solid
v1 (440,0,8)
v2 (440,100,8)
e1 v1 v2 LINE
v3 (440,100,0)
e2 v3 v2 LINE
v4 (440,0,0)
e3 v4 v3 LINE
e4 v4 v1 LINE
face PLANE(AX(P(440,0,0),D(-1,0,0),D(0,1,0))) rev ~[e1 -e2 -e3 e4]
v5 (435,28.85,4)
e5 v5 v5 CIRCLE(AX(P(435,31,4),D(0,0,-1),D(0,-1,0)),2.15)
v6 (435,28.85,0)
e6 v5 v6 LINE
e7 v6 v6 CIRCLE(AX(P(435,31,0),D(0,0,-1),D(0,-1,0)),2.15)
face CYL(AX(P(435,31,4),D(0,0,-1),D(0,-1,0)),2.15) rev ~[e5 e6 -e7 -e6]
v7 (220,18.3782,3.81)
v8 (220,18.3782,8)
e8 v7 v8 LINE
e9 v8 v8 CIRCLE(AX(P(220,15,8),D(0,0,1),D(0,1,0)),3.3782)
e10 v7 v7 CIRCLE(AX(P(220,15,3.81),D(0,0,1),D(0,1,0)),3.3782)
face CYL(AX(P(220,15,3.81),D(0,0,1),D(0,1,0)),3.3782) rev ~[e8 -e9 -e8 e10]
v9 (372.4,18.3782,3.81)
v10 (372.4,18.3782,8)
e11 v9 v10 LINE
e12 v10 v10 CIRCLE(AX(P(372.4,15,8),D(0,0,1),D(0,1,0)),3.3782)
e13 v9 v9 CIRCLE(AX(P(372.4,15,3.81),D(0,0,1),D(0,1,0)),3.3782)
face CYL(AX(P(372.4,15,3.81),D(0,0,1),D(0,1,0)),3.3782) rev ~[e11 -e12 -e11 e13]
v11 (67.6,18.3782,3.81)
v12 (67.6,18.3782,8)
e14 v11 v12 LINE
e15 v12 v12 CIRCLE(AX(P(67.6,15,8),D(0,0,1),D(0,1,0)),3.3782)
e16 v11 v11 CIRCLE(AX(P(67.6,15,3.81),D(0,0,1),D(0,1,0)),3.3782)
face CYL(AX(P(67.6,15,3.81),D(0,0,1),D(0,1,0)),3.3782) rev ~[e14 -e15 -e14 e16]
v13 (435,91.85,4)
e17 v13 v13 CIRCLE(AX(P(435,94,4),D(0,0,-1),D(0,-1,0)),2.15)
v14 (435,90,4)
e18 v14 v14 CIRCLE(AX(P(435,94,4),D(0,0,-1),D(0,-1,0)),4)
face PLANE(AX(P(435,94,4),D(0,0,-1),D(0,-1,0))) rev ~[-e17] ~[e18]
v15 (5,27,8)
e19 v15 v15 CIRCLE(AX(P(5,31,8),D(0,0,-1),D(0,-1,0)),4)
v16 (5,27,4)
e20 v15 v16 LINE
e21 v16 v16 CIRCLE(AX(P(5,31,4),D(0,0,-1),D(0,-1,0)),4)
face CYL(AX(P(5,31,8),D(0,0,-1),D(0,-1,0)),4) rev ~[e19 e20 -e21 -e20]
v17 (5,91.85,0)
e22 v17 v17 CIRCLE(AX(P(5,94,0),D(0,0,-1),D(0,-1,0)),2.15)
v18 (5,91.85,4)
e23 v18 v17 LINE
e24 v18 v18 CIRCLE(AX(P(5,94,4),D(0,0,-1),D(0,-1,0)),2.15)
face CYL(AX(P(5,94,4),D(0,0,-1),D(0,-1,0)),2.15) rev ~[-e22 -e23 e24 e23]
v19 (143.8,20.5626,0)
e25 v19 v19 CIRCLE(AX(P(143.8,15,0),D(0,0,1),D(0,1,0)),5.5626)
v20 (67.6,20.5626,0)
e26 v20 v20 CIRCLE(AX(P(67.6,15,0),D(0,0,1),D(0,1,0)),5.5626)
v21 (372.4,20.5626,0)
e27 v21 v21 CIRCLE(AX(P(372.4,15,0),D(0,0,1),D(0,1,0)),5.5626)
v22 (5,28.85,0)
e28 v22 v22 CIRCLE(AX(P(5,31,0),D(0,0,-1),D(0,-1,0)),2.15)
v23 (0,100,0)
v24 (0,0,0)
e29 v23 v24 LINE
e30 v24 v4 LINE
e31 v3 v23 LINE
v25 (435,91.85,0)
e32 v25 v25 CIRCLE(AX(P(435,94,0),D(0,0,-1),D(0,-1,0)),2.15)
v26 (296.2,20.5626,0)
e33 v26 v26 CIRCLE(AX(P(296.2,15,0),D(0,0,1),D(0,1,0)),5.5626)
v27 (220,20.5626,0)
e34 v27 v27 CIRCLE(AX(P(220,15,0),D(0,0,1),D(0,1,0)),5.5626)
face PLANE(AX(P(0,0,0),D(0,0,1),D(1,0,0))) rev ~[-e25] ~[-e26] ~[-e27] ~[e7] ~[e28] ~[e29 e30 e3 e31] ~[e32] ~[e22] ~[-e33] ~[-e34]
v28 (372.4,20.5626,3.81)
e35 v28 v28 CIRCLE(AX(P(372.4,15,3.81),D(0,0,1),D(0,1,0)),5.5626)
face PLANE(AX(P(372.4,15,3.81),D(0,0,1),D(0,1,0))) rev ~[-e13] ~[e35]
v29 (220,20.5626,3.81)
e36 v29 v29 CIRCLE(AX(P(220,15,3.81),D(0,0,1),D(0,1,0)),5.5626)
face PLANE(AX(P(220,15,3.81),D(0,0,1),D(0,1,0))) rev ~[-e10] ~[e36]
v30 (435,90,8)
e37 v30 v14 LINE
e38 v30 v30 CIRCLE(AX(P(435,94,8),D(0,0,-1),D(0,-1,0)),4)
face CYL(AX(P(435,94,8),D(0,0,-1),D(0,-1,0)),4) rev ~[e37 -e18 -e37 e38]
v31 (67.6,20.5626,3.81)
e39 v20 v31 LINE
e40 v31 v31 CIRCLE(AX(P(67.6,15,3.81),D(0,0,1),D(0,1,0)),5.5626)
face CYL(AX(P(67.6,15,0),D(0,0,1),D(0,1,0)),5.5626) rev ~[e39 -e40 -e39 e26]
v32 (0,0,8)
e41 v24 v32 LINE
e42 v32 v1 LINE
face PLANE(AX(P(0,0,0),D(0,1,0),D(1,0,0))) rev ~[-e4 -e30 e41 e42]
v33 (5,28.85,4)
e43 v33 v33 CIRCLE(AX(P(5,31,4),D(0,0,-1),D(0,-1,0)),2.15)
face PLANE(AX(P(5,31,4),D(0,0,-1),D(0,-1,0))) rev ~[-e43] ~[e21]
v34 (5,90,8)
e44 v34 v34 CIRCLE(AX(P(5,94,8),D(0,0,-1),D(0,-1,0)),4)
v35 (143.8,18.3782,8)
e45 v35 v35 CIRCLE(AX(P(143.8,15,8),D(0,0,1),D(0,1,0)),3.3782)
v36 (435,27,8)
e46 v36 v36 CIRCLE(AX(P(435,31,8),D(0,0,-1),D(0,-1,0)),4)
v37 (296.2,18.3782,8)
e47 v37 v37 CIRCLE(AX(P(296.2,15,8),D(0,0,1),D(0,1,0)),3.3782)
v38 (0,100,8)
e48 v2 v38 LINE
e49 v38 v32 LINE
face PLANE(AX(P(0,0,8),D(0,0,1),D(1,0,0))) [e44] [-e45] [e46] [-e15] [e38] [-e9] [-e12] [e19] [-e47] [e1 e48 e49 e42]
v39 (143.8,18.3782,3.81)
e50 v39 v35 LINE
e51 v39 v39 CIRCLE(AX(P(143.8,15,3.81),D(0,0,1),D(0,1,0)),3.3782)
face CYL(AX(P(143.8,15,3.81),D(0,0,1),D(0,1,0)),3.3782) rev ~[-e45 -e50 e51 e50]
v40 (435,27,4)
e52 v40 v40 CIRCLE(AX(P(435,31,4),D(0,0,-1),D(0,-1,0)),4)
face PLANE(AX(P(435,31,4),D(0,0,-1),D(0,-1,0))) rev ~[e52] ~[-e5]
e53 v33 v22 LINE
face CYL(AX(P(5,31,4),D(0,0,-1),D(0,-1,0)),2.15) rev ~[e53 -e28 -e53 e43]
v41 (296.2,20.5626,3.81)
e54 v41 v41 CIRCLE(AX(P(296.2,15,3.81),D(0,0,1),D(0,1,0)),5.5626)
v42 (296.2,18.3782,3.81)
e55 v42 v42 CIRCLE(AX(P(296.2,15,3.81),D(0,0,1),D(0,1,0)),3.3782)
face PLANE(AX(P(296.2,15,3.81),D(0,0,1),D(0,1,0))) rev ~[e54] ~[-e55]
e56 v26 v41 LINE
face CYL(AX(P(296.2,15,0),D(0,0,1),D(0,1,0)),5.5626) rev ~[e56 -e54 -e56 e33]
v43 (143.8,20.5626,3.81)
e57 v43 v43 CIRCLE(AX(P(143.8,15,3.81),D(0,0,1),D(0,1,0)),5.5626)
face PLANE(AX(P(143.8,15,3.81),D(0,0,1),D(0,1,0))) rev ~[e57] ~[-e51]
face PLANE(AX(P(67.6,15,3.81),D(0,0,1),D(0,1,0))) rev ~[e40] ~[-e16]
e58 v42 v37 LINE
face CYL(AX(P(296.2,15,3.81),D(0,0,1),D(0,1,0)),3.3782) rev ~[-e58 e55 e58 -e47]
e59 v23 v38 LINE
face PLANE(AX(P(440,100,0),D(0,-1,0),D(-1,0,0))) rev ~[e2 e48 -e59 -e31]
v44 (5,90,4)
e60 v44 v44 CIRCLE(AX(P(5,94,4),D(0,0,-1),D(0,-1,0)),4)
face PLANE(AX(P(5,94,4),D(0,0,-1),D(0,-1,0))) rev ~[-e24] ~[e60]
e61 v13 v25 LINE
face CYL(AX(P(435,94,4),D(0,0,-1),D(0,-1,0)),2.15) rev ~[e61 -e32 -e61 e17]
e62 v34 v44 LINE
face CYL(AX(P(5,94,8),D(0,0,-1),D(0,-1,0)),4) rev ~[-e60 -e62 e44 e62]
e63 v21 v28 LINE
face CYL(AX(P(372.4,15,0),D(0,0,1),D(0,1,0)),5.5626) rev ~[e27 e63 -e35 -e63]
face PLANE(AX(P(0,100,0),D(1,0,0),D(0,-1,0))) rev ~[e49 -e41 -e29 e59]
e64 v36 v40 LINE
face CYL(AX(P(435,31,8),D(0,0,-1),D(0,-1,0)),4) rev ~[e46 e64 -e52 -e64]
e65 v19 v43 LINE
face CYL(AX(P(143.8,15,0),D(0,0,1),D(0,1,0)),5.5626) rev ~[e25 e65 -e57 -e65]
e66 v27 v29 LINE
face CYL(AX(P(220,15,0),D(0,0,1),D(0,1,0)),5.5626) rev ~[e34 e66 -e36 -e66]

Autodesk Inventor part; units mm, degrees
ref_plane "YZ Plane" through (0, 0, 0) normal (1, 0, 0) x (0, 1, 0)
ref_plane "XZ Plane" through (0, 0, 0) normal (0, 1, 0) x (-1, 0, 0)
ref_plane "XY Plane" through (0, 0, 0) normal (0, 0, 1) x (1, 0, 0)
sketch "Sketch1" plane through (0, 0, 0) normal (0, 0, 1) x (1, 0, 0)
  line L0 (0, 0) -> (440, 0)
  line L1 (440, 0) -> (440, 100)
  line L2 (440, 100) -> (0, 100)
  line L3 (0, 100) -> (0, 0)
  dimension "d0" = 100
  dimension "d1" = 440
extrude "Extrusion1" add sketch "Sketch1" along normal blind 8
sketch "Sketch2" plane through (0, 0, 8) normal (0, 0, 1) x (1, 0, 0)
  line L0 (0, 0) -> (0, 100) projected
  line L1 (440, 100) -> (440, 0) projected
  line L2 (0, 100) -> (440, 100) projected
  point P0 (435, 31)
  point P1 (435, 94)
  point P2 (5, 31)
  point P3 (5, 94)
  dimension "d5" = 6
  dimension "d6" = 5
  dimension "d7" = 5
  dimension "d46" = 69
hole "Hole1" at (435, 31, 8) at (435, 94, 8) at (5, 31, 8) at (5, 94, 8) direction (0, 0, -1) diameter 4.3 end through all counterbore diameter 8 counterbore depth 4 clearance for "Socket Head Cap Screw" size "M4" standard "Ansi Metric M Profile"
sketch "Sketch3" plane through (0, 0, 0) normal (0, 0, -1) x (-1, 0, 0)
  line L0 (0, 0) -> (-440, 0) projected
  line L1 (0, 100) -> (0, 0) projected
  point P0 (-67.6, 15)
  point P1 (-143.8, 15)
  point P2 (-220, 15)
  point P3 (-296.2, 15)
  point P4 (-372.4, 15)
  dimension "d15" = 67.6
  dimension "d16" = 15
  dimension "d40" = 76.2
  dimension "d45" = 440
hole "Hole2" at (67.6, 15, 0) at (143.8, 15, 0) at (220, 15, 0) at (296.2, 15, 0) at (372.4, 15, 0) direction (0, 0, 1) diameter 6.7564 end through all counterbore diameter 11.1252 counterbore depth 3.81 clearance for "Socket Head Cap Screw" size "1/4" standard "Ansi Unified Screw Threads"
equation "\"d7\" = d6"
properties part number "Bottom" material "Aluminum-6061"
